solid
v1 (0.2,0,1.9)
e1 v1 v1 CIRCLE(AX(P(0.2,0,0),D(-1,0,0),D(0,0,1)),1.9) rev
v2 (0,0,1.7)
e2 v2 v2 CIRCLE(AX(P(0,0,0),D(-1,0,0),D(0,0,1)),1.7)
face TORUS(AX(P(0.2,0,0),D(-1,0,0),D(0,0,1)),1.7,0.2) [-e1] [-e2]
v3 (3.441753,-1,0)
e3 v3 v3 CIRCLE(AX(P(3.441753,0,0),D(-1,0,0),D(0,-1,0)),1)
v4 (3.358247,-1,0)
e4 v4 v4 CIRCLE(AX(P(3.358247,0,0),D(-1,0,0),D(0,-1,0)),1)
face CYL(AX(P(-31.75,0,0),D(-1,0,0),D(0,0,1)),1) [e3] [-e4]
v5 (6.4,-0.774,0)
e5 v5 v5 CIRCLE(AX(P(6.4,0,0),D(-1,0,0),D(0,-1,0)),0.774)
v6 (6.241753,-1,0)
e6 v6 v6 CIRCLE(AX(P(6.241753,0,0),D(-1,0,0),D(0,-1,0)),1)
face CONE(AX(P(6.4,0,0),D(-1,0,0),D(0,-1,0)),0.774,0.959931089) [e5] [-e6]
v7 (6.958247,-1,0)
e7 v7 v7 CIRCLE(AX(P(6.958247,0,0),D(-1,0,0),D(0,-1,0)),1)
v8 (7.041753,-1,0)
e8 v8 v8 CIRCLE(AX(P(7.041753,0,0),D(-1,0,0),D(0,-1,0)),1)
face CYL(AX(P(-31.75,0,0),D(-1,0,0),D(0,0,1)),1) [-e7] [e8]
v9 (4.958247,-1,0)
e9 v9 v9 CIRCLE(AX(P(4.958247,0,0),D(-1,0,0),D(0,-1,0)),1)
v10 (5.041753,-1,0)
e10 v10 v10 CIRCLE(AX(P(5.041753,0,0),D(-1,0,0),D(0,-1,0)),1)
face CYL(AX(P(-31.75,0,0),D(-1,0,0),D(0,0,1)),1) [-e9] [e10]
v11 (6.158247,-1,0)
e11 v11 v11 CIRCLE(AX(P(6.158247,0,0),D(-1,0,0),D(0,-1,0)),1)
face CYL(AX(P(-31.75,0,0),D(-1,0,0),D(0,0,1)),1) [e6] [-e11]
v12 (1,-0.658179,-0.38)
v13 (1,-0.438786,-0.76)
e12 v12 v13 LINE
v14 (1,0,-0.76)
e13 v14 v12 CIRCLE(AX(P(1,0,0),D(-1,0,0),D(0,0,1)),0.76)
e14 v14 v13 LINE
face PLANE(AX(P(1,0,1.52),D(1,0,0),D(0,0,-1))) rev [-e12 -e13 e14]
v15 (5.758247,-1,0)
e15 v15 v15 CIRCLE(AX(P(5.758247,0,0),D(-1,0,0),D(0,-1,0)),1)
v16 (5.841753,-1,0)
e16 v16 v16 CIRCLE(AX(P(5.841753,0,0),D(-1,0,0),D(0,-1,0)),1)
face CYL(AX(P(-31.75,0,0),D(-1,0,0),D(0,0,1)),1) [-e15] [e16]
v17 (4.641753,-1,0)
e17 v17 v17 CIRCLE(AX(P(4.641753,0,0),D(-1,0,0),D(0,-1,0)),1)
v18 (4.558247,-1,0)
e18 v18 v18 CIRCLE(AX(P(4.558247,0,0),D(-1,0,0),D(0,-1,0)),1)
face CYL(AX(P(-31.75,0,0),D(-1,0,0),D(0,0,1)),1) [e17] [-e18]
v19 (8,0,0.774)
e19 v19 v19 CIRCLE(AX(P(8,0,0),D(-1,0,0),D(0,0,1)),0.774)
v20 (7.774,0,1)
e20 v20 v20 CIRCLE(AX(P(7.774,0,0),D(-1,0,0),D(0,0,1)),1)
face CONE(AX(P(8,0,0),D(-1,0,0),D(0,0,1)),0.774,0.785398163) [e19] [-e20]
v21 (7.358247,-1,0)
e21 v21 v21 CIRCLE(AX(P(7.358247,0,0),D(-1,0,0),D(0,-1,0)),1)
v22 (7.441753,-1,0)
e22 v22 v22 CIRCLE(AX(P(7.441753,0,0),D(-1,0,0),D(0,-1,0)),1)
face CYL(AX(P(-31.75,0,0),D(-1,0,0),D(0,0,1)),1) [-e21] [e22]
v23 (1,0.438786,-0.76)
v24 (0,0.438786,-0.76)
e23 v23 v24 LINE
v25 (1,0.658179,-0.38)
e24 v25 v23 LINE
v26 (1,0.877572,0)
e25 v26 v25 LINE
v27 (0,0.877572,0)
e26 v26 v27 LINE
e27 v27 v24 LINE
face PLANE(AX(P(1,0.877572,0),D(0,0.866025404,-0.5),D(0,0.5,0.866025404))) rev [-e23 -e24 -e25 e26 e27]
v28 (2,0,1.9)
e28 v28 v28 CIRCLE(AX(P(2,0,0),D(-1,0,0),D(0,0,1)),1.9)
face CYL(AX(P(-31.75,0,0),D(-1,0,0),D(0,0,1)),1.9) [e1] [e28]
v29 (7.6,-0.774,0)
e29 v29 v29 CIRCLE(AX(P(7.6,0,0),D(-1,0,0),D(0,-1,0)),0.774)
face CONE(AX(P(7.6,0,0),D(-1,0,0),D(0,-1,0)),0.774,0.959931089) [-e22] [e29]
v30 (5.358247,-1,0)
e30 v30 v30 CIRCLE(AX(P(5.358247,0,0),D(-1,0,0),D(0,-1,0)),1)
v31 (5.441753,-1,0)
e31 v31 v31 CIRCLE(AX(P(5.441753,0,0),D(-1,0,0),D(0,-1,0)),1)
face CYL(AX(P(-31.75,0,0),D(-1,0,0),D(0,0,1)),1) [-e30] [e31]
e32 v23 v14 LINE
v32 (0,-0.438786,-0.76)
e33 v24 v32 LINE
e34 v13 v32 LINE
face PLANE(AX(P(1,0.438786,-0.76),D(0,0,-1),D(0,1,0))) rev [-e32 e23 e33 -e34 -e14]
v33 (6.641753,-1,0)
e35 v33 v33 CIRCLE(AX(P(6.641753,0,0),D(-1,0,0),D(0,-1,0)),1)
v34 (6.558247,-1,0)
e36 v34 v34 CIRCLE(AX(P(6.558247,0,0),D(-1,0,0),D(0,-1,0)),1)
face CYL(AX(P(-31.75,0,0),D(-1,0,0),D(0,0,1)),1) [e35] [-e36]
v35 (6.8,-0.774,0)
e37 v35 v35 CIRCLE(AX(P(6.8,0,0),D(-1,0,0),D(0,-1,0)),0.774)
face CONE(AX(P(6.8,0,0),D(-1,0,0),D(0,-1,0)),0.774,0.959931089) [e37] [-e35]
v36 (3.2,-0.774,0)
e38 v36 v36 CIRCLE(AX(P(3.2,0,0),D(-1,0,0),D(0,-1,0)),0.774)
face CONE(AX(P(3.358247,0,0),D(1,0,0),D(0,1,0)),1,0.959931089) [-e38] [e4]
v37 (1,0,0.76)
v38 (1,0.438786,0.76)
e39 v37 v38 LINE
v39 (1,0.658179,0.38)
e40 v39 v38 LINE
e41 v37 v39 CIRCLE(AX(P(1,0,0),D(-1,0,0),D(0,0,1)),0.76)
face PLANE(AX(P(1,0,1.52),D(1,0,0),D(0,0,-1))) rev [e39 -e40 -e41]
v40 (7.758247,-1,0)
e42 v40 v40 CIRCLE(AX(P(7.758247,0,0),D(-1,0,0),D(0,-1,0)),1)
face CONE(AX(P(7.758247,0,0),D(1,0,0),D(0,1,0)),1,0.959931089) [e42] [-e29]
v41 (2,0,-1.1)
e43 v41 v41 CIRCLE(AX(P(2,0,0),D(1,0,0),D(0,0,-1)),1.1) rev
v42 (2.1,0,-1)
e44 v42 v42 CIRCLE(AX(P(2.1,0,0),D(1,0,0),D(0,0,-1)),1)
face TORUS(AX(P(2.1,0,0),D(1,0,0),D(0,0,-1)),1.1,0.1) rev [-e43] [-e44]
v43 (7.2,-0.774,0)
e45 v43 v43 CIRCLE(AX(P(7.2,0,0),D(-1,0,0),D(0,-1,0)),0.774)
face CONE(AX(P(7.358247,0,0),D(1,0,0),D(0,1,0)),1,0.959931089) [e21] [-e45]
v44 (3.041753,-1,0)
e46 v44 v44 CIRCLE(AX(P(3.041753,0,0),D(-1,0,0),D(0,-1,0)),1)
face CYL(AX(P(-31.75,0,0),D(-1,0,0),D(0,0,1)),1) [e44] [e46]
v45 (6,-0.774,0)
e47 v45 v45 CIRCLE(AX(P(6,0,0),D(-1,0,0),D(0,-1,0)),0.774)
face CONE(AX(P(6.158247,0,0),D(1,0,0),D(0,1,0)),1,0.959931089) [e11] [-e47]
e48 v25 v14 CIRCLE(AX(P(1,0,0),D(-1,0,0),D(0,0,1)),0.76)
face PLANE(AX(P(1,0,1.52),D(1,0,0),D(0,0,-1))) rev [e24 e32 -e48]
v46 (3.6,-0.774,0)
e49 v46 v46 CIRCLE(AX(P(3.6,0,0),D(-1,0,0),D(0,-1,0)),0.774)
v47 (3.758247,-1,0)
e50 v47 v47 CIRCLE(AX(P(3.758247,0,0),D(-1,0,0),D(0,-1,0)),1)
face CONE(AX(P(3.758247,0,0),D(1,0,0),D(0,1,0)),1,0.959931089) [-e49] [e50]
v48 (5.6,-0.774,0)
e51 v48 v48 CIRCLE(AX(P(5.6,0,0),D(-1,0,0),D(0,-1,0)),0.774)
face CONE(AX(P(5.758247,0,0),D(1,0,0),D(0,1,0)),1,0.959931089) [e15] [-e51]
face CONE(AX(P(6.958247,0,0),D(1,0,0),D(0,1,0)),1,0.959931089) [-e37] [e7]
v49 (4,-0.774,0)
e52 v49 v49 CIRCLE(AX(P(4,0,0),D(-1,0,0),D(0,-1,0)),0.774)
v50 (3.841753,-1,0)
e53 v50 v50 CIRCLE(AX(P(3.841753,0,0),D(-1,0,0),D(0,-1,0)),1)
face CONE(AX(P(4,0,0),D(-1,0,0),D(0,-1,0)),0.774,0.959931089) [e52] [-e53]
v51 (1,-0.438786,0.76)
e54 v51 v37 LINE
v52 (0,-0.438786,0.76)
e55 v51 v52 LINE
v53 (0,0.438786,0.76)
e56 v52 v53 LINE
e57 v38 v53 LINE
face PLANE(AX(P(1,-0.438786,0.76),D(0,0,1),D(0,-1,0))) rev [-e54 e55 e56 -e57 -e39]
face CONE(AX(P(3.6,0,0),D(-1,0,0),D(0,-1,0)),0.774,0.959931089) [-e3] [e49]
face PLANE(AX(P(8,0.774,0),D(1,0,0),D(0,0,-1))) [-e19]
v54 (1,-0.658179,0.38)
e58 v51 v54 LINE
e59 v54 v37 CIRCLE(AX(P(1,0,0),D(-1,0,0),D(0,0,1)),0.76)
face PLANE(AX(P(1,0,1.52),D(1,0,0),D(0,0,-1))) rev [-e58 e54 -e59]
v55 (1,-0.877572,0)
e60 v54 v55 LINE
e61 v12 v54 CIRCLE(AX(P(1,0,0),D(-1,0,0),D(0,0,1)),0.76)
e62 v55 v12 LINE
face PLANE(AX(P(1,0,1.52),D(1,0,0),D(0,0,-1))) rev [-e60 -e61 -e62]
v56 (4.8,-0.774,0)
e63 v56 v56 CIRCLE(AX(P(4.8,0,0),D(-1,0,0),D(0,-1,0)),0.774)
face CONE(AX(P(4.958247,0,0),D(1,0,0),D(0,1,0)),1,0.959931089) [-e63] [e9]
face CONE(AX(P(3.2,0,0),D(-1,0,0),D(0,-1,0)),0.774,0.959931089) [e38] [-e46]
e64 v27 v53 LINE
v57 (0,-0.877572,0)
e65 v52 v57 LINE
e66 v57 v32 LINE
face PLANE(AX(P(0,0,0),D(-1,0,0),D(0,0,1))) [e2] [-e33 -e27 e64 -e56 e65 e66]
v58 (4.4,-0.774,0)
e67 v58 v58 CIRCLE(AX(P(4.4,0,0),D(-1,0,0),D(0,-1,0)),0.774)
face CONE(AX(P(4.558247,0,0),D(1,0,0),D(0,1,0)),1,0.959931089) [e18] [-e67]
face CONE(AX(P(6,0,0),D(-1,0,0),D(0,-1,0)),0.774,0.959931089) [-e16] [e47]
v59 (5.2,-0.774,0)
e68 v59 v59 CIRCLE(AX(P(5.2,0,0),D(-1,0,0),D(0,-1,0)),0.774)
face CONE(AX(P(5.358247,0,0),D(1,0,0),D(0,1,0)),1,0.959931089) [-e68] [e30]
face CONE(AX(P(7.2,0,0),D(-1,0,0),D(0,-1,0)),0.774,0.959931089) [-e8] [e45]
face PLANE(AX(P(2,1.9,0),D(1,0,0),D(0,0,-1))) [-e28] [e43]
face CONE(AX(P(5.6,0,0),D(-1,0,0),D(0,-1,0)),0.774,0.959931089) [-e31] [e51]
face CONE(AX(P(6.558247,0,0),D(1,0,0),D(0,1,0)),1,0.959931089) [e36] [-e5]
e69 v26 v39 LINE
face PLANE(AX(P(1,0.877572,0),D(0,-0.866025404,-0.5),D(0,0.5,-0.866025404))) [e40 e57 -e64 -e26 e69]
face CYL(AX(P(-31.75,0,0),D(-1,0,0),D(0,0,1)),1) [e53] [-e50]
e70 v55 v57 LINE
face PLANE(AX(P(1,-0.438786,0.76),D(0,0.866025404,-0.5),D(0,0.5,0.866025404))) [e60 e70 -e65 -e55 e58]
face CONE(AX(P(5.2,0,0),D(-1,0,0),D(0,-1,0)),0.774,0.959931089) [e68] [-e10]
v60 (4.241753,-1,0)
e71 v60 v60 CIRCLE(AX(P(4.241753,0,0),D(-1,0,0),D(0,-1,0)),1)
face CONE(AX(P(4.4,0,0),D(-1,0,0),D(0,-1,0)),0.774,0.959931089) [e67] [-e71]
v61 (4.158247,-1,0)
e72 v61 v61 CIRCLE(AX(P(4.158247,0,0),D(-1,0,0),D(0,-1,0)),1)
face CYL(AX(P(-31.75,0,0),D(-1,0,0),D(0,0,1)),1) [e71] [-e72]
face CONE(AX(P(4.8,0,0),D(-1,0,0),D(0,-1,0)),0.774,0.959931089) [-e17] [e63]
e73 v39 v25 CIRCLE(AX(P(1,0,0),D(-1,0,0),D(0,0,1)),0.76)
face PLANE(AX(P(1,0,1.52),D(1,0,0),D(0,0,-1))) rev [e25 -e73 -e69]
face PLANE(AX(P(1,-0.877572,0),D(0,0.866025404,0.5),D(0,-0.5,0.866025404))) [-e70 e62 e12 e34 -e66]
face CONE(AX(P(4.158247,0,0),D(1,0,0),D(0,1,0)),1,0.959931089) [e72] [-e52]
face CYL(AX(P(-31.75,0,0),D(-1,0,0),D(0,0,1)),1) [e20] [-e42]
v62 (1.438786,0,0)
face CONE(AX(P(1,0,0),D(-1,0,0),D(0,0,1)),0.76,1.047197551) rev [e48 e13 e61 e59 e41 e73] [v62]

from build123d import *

# Parameters (mm, degrees)
FILLET1_R       = 0.1
FILLET2_R       = 0.2
HEX_2_DEPTH     = 1
THDSCHPAT_COUNT = 12
THDSCHPAT_PITCH = 0.4


with BuildPart() as part:
    # BodySke → Base-Revolve (revolve)
    with BuildSketch(Plane.XY, mode=Mode.PRIVATE) as base_revolve_sk:
        Polygon((0, 0), (0, 1.9), (2, 1.9), (2, 1), (7.774, 1), (8, 0.774), (8, 0), align=None)
    revolve(base_revolve_sk.sketch.rotate(Axis((-31.75, 0, 0), (1, 0, 0)), 90), axis=Axis((-31.75, 0, 0), (1, 0, 0)))

    # Fillet1
    fillet1_edges = [part.edges().sort_by_distance(p)[0] for p in [
        (2, 0, -1),
    ]]
    fillet(fillet1_edges, radius=FILLET1_R)

    # Fillet2
    fillet2_edges = [part.edges().sort_by_distance(p)[0] for p in [
        (0, 0, -1.9),
    ]]
    fillet(fillet2_edges, radius=FILLET2_R)

    # Sketch2 → Hex-PreBroach (revolve, cut)
    with BuildSketch(Plane.XY, mode=Mode.PRIVATE) as hex_prebroach_sk:
        Polygon((0, 0.76), (1, 0.76), (1.438786205, 0), (0, 0), align=None)
    revolve(hex_prebroach_sk.sketch.rotate(Axis((0, 0, 0), (1, 0, 0)), 90), axis=Axis((0, 0, 0), (1, 0, 0)), mode=Mode.SUBTRACT)

    # Sketch3 → Hex 2 (cut)
    with BuildSketch(Plane(origin=(0, 0, 0), x_dir=(0, 0.500000000000001, 0.866025403784438), z_dir=(-1, 0, 0))):
        Polygon((0.438786205, 0.76), (-0.438786205, 0.76), (-0.877572409, 0), (-0.438786205, -0.76), (0.438786205, -0.76), (0.877572409, 0), align=None)
    extrude(amount=-HEX_2_DEPTH, mode=Mode.SUBTRACT)

    # ThdSchSke → ThreadSchematic (revolve, cut)
    with BuildSketch(Plane.XY):
        Polygon((3.2, -0.774), (3.041753096, -1), (3.041753096, -1.25), (3.358246904, -1.25), (3.358246904, -1), align=None)
    threadschematic = revolve(axis=Axis((-3.175, 0, 0), (1, 0, 0)), mode=Mode.SUBTRACT)

    # ThdSchPat: ThreadSchematic ×12
    with Locations(*[(i * THDSCHPAT_PITCH, 0, 0) for i in range(1, THDSCHPAT_COUNT)]):
        add(threadschematic, mode=Mode.SUBTRACT)


solid = part.part
